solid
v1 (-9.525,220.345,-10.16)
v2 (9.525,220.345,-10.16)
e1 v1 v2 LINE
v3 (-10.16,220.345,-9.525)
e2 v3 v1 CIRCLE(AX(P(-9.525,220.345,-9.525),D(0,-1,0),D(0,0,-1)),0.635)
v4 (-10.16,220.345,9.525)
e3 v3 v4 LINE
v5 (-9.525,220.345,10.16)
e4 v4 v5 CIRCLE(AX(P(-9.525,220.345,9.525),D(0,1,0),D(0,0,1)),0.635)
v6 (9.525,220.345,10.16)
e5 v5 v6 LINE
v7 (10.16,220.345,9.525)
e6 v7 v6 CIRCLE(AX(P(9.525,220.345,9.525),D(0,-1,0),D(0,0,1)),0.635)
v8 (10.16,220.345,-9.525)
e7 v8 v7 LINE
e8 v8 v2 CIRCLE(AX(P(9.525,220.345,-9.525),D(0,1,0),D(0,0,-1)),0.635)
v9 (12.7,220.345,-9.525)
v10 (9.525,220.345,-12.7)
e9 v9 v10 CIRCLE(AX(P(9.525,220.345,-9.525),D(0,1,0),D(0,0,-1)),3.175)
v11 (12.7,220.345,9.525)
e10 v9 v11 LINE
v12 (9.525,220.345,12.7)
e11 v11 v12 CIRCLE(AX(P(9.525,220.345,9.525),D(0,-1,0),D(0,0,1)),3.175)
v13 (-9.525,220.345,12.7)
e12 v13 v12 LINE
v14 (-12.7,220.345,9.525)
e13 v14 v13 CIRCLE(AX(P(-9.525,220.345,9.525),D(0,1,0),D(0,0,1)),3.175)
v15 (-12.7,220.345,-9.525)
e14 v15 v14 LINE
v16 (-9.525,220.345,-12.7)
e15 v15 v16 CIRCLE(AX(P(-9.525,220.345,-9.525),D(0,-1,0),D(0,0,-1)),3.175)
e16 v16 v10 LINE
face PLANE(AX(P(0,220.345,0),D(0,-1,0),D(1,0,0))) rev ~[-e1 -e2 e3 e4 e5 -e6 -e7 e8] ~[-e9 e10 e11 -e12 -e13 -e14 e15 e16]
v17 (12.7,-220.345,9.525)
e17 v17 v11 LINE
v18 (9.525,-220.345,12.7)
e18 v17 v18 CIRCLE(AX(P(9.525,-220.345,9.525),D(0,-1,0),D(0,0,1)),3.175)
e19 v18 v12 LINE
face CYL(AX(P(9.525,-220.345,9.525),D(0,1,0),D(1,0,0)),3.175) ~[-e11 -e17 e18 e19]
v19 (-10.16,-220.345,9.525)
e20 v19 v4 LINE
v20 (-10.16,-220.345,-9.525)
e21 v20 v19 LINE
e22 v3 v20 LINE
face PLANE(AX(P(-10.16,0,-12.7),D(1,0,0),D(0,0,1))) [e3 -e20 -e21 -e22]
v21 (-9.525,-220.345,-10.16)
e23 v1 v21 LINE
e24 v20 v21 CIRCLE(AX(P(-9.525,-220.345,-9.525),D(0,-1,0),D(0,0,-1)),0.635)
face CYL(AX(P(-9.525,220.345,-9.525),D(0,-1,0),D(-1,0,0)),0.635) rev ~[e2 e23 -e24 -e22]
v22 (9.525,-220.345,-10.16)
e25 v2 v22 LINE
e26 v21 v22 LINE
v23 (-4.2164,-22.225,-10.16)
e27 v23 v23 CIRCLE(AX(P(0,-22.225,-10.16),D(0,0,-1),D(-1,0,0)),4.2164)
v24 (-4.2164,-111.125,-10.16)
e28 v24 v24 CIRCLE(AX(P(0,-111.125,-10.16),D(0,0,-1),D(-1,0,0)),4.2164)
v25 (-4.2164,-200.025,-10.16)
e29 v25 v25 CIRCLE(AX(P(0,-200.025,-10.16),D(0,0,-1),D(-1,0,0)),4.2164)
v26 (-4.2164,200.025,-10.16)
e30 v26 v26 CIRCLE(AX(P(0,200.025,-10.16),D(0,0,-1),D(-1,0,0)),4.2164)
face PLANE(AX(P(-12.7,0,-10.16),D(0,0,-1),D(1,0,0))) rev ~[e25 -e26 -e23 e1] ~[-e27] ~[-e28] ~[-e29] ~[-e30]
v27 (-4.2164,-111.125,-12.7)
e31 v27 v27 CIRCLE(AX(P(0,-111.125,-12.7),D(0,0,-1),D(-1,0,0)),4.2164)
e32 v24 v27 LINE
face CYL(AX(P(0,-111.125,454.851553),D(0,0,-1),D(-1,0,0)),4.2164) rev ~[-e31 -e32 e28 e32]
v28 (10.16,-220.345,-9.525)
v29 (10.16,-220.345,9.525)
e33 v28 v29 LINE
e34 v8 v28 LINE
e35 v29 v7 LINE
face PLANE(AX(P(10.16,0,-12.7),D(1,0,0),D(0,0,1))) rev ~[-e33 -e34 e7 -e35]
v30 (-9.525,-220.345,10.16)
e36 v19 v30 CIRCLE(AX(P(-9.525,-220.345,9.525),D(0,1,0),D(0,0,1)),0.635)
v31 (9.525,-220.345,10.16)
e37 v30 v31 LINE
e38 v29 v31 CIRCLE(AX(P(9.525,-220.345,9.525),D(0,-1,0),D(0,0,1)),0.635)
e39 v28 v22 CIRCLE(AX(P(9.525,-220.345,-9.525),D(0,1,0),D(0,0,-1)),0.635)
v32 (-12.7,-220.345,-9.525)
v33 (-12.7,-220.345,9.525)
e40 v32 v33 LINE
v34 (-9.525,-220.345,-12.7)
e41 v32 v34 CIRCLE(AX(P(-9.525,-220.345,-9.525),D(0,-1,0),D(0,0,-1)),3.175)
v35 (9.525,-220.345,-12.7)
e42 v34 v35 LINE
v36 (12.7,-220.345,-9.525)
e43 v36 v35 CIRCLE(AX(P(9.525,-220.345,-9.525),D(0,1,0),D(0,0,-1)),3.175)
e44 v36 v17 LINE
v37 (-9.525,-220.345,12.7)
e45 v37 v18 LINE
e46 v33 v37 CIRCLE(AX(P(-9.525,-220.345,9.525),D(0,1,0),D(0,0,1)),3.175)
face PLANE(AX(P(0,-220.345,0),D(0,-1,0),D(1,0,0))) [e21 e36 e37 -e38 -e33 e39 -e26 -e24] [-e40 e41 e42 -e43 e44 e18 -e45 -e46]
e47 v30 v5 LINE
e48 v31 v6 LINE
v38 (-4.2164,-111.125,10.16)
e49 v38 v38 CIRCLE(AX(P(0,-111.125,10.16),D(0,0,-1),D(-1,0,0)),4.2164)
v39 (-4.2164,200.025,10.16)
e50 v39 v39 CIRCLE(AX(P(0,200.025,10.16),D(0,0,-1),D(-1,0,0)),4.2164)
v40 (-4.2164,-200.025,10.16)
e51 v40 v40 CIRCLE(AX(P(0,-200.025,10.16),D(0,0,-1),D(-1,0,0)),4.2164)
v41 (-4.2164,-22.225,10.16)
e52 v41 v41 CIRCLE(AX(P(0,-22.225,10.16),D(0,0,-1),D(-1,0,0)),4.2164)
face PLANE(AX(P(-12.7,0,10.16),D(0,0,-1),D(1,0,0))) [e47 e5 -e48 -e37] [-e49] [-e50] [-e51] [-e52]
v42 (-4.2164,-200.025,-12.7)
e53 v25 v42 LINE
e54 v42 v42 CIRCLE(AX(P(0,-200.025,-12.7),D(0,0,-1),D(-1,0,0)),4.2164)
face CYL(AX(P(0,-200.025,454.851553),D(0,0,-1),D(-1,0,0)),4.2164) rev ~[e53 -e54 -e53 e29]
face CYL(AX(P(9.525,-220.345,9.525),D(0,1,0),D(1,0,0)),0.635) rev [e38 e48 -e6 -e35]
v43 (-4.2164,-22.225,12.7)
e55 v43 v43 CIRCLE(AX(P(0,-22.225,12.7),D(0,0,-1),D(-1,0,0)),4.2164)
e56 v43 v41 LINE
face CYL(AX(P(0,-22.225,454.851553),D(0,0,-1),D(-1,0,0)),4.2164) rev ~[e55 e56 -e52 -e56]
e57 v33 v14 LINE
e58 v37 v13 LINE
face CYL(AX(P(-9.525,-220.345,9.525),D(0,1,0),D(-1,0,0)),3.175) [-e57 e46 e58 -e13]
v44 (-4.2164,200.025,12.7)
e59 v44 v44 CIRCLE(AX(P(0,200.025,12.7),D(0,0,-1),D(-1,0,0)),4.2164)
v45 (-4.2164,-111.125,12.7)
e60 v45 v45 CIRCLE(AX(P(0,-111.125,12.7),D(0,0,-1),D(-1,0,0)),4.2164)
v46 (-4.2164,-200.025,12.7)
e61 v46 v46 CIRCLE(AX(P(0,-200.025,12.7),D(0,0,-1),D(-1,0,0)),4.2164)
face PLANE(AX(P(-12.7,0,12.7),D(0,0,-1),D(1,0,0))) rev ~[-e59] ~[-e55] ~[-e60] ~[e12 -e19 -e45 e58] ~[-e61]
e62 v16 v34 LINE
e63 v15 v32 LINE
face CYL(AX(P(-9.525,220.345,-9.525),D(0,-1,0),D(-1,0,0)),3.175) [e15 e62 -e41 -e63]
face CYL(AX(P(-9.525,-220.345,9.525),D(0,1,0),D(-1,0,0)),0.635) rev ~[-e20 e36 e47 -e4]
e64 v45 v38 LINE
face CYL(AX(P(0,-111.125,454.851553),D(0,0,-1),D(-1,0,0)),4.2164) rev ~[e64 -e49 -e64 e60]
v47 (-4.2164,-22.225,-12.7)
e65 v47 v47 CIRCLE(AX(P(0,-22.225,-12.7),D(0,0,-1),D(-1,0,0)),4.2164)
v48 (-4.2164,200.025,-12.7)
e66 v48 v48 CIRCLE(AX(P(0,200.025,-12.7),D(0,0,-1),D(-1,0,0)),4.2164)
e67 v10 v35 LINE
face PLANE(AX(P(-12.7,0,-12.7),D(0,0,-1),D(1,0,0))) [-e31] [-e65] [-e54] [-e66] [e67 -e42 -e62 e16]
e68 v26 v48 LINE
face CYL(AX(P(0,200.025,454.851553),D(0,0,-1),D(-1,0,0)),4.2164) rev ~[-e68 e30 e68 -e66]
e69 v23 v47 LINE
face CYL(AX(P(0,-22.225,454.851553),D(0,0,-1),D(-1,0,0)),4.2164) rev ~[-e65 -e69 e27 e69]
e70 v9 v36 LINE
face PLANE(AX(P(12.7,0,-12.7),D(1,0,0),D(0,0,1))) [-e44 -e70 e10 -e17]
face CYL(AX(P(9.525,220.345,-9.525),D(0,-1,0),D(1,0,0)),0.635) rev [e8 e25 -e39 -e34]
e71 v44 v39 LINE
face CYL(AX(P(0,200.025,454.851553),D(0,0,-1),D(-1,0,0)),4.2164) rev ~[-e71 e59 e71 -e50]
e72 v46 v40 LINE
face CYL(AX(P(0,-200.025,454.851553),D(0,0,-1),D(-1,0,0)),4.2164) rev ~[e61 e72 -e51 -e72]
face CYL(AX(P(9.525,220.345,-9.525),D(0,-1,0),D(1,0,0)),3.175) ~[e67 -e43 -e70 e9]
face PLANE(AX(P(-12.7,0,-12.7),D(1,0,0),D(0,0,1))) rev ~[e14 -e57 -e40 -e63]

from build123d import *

# Parameters (mm, degrees)
F0_W     = 25.4
F0_H     = 25.4
F1_DEPTH = 220.345
F2_R     = 3.175
F3_T     = -2.54
F5_D     = 8.4328


with BuildPart() as f1:
    # F0 (on Front) → F1 (new body, symmetric)
    with BuildSketch(Plane.XZ):
        Rectangle(F0_W, F0_H)
    extrude(amount=F1_DEPTH, both=True)

    # F2
    f2_edges = [f1.edges().sort_by_distance(p)[0] for p in [
        (-12.7, 0, 12.7),
        (12.7, 0, 12.7),
        (-12.7, 0, -12.7),
        (12.7, 0, -12.7),
    ]]
    fillet(f2_edges, radius=F2_R)

    # F3
    f3_openings = [f1.faces().sort_by_distance(p)[0] for p in [
        (0, -220.345, 0),
        (0, 220.345, 0),
    ]]
    offset(amount=F3_T, openings=f3_openings)

    # F5 (through all)
    with Locations(Plane.XY.offset(12.7)):
        with Locations((0, -200.025), (0, -22.225), (0, 200.025), (0, -111.125)):
            Hole(F5_D / 2)


solid = f1.part
